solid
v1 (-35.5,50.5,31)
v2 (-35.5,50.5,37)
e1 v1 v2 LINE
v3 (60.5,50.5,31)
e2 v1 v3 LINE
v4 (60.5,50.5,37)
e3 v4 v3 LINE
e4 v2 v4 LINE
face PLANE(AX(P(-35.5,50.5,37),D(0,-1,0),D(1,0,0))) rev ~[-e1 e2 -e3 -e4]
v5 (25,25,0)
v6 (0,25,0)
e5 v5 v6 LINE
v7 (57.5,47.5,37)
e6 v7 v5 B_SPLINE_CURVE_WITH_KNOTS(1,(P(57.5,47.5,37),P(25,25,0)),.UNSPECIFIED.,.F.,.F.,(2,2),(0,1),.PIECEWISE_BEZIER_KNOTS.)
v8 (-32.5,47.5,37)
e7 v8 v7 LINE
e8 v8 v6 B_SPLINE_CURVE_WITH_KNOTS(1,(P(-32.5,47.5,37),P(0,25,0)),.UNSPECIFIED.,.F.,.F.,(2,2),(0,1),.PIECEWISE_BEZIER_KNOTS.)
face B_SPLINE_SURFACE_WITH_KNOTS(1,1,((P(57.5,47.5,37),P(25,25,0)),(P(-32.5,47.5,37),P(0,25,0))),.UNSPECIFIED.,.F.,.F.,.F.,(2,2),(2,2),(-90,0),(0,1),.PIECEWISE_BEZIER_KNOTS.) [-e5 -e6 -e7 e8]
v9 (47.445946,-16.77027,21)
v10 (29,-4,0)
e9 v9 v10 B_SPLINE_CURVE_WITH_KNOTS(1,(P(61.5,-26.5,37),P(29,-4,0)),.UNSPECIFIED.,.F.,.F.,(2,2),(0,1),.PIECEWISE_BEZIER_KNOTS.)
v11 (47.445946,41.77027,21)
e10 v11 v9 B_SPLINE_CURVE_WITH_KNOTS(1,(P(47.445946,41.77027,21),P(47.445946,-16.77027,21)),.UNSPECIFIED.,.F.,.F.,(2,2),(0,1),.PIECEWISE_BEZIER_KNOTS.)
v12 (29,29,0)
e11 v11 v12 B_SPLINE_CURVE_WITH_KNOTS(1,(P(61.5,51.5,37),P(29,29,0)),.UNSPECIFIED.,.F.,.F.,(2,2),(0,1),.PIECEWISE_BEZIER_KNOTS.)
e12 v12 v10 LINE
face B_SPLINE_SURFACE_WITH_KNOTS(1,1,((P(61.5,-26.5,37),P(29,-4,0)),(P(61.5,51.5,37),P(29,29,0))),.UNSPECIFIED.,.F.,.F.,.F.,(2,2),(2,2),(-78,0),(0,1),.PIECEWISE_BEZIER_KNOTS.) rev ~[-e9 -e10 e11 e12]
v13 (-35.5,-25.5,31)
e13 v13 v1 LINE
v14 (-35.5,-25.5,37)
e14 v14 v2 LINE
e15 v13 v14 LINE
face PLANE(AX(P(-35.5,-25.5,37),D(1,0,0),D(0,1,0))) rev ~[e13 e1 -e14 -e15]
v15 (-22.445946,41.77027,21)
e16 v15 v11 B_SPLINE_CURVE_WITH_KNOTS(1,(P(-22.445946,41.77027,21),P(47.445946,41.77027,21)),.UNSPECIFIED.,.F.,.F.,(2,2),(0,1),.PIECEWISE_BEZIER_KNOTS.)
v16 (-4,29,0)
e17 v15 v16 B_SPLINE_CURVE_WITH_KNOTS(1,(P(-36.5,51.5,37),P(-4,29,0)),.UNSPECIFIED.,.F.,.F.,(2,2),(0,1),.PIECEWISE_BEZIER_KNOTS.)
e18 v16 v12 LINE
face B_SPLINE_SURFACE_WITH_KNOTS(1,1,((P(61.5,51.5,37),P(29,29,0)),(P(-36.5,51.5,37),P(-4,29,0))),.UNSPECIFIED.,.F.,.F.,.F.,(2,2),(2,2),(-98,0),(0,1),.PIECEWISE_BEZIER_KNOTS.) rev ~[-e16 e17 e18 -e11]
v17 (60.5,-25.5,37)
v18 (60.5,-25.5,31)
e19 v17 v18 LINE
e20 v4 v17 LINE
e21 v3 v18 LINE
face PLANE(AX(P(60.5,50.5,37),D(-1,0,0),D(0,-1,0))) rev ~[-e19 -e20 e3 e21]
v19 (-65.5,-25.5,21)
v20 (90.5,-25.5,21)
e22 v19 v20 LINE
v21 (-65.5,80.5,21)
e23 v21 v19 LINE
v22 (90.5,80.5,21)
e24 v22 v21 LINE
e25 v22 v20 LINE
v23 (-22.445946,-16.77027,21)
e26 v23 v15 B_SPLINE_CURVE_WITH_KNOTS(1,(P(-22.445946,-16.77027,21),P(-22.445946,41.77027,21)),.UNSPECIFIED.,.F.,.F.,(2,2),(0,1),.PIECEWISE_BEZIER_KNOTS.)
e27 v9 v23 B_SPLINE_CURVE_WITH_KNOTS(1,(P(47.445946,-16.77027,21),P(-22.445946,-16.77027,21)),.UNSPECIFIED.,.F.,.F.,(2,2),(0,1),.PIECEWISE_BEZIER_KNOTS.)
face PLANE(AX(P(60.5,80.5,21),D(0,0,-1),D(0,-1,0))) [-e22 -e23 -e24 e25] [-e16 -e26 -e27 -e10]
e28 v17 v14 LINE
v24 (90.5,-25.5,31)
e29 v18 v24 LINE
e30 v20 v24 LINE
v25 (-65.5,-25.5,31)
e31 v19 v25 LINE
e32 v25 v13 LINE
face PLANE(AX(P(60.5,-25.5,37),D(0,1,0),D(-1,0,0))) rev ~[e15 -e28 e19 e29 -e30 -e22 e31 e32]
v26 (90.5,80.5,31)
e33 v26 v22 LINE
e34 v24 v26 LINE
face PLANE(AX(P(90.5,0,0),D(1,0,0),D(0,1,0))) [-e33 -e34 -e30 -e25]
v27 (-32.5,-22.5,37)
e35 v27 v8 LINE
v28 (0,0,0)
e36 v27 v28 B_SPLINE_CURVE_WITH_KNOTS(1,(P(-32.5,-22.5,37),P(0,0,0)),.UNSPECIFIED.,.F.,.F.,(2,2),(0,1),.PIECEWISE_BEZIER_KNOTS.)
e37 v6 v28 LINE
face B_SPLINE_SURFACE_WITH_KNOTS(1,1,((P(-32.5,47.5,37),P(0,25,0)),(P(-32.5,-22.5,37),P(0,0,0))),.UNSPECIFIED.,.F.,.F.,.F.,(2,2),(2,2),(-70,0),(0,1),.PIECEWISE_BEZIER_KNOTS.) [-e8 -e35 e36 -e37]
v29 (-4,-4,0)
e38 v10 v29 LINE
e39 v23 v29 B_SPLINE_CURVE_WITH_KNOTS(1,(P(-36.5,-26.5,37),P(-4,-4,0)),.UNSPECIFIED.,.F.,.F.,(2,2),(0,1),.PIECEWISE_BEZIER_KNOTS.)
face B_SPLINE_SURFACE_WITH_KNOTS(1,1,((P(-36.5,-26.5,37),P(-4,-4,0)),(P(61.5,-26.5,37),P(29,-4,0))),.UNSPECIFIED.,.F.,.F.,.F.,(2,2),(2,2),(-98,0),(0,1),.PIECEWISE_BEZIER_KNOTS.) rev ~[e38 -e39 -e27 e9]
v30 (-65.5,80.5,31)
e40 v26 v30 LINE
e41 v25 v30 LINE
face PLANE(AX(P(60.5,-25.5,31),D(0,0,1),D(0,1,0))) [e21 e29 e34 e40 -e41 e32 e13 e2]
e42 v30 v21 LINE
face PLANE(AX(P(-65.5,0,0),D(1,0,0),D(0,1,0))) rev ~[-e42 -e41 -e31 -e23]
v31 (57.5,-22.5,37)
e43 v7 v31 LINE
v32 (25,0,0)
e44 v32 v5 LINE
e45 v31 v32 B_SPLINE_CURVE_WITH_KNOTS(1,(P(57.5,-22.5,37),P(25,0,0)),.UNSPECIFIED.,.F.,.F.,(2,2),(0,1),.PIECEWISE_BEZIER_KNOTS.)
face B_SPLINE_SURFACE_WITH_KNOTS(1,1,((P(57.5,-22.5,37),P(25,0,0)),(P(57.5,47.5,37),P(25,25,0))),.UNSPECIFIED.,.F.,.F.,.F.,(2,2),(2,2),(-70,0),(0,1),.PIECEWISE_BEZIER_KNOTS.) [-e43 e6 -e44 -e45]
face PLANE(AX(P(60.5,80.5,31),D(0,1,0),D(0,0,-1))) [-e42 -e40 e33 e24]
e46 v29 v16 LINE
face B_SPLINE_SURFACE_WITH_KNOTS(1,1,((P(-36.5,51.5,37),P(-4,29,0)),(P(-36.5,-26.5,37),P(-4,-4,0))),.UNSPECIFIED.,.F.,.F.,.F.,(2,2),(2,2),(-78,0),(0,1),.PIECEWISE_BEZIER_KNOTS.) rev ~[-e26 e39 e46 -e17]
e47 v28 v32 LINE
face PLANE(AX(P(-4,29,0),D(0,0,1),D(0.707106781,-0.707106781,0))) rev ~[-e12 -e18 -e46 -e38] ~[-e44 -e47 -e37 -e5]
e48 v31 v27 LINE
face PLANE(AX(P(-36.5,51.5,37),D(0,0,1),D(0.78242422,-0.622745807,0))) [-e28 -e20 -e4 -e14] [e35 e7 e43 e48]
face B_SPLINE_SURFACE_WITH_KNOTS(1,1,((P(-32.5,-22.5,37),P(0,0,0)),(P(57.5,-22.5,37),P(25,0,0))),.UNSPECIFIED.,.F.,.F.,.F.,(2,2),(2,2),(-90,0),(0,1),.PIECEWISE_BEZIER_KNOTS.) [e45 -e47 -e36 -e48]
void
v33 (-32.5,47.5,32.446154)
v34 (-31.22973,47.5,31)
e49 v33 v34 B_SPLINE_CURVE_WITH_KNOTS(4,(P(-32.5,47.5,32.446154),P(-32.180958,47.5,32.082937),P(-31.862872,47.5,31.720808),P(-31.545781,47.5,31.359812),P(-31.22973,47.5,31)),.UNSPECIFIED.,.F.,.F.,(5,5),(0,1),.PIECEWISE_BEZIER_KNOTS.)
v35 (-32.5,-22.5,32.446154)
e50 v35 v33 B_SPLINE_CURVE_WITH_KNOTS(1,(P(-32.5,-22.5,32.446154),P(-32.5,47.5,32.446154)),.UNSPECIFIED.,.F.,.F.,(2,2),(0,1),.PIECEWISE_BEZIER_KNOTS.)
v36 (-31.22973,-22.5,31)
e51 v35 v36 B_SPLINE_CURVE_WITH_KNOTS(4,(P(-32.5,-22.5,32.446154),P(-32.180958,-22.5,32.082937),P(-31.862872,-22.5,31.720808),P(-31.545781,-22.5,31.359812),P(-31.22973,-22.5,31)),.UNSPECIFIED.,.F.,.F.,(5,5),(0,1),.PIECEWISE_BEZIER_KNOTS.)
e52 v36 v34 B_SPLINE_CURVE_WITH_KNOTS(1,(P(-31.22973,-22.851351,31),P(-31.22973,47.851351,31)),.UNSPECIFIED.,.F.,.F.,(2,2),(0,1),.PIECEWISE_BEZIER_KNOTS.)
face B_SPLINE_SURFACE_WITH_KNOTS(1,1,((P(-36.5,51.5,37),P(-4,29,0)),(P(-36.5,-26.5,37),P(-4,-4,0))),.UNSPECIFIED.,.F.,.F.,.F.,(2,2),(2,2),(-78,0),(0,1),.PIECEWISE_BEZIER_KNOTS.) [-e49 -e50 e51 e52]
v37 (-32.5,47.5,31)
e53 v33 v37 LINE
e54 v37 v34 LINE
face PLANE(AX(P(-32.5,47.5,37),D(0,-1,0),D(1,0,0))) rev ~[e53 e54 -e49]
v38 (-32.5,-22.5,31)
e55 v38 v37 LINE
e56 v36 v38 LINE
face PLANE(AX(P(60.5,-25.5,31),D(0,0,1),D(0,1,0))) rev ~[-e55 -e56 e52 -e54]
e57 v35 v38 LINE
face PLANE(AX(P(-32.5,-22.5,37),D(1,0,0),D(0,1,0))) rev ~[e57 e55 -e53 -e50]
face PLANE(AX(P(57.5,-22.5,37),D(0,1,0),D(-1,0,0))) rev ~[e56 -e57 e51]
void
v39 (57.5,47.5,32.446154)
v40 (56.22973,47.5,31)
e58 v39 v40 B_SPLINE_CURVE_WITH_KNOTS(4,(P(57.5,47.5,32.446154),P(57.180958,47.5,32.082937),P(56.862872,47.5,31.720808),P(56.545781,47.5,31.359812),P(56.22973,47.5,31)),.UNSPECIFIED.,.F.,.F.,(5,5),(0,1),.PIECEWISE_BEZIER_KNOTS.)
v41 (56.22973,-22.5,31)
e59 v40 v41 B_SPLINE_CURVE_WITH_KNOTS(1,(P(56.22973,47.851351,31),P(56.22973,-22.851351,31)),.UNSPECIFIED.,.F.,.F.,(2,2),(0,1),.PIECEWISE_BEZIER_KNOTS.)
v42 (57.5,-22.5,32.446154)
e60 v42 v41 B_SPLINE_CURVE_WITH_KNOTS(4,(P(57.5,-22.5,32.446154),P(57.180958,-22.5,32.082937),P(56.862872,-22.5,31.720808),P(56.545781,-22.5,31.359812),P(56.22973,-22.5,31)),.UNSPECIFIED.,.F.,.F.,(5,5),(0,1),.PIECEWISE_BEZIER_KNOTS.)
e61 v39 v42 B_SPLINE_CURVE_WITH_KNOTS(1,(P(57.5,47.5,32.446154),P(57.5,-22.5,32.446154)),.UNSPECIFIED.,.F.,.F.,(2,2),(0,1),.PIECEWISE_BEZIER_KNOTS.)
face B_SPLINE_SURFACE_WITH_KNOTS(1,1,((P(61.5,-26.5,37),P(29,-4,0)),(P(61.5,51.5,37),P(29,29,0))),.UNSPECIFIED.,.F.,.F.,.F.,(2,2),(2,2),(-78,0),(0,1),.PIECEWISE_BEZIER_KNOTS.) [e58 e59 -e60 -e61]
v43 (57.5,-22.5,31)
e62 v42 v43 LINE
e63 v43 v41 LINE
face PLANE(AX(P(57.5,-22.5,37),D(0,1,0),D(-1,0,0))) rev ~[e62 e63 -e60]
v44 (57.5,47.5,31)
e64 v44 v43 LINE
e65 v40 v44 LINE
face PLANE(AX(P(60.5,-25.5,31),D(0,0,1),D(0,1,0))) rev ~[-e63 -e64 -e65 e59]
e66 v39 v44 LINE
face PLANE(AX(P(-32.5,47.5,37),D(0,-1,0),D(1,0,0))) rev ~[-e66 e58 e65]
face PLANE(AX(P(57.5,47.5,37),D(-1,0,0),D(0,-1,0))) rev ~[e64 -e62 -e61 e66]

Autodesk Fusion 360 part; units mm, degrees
sketch "Bottom opening" plane through (0, 0, 0) normal (0, 0, 1) x (1, 0, 0)
  line L0 (0, 0) -> (25, 0)
  line L1 (25, 0) -> (25, 25)
  line L2 (25, 25) -> (0, 25)
  line L3 (0, 25) -> (0, 0)
  line L4 (-4, 29) -> (29, 29)
  line L5 (29, 29) -> (29, -4)
  line L6 (29, -4) -> (-4, -4)
  line L7 (-4, -4) -> (-4, 29)
  dimension "d3" = 25
  dimension "d4" = 25
  dimension "d5" = 4
  dimension "d6" = 4
  dimension "d7" = 4
  dimension "d8" = 4
ref_plane "WorkPlane1" through (0, 0, 37) normal (0, 0, 1) x (1, 0, 0)
sketch "Top opening" plane through (0, 0, 37) normal (0, 0, 1) x (1, 0, 0)
  line L0 (25, 25) -> (0, 25)
  line L1 (25, 0) -> (25, 25)
  line L2 (0, 0) -> (25, 0)
  line L3 (0, 25) -> (0, 0)
  line L4 (-4, 29) -> (29, 29)
  line L5 (29, -4) -> (-4, -4)
  line L6 (29, 29) -> (29, -4)
  line L7 (-4, -4) -> (-4, 29)
  line L8 (-32.5, 47.5) -> (57.5, 47.5)
  line L9 (57.5, 47.5) -> (57.5, -22.5)
  line L10 (57.5, -22.5) -> (-32.5, -22.5)
  line L11 (-32.5, -22.5) -> (-32.5, 47.5)
  line L12 (-35.5, 50.5) -> (60.5, 50.5)
  line L13 (60.5, 50.5) -> (60.5, -25.5)
  line L14 (60.5, -25.5) -> (-35.5, -25.5)
  line L15 (-35.5, -25.5) -> (-35.5, 50.5)
  line L16 (-36.5, 51.5) -> (61.5, 51.5)
  line L17 (61.5, 51.5) -> (61.5, -26.5)
  line L18 (61.5, -26.5) -> (-36.5, -26.5)
  line L19 (-36.5, -26.5) -> (-36.5, 51.5)
  dimension "d14" = 3
  dimension "d15" = 4
  dimension "d16" = 3
  dimension "d17" = 4
  dimension "d18" = 90
  dimension "d19" = 70
  dimension "d20" = 3
  dimension "d21" = 4
  dimension "d22" = 3
  dimension "d23" = 4
  dimension "d24" = 28.5
  dimension "d25" = 28.5
  dimension "d26" = 18.5
  dimension "d27" = 18.5
loft "Loft1" add profiles "Top opening", "Bottom opening" section 1 contours L8 L9 L10 L11 | L12 L13 L14 L15 | L16 L17 L18 L19 section 2 contours L0 L1 L2 L3 | L4 L5 L6 L7
extrude "Extrude1" cut sketch "Top opening" against normal blind 6 contours L16 L17 L18 L19
sketch "Support lip" plane through (60.5, 0, 0) normal (1, 0, 0) x (0, 1, 0)
  line L0 (-25.5, 35.8615) -> (50.5, 35.8615)
  line L1 (50.5, 35.8615) -> (50.5, 37)
  line L2 (50.5, 37) -> (-25.5, 37)
  line L3 (-25.5, 37) -> (-25.5, 35.8615)
  line L4 (-25.5, 31) -> (80.5, 31)
  line L5 (80.5, 31) -> (80.5, 21)
  line L6 (80.5, 21) -> (-25.5, 21)
  line L7 (-25.5, 21) -> (-25.5, 31)
  dimension "d31" = 6
  dimension "d34" = 10
  dimension "d35" = 30
extrude "Extrude2" add sketch "Support lip" along normal blind 30 and the other way blind 126 contours L4 L5 L6 L7
loft "Loft2" cut profiles "Top opening", "Bottom opening" section 1 contours L8 L9 L10 L11 section 2 contours L0 L1 L2 L3
extrude "Extrude3" add 1 faces at (-2.5, 49.5, 37) along direction (0, 0, -1) blind 6
equation "bottom_outlet_size = 25 mm" comment "The side lengths of the bottom opening of the Smartie Hopper."
equation "hopper_wall_thickness = 4 mm" comment "The thickness of the hopper walls used for the \"loft\" function."
equation "d3 = bottom_outlet_size"
equation "d4 = bottom_outlet_size"
equation "d5 = hopper_wall_thickness"
equation "d6 = hopper_wall_thickness"
equation "d7 = hopper_wall_thickness"
equation "d8 = hopper_wall_thickness"
equation "hopper_height = 37 mm" comment "Distance between the top and bottom openings of the Smartie Hopper."
equation "d10 = hopper_height"
equation "acrylic_thickness = 3 mm" comment "Thickness of the clear acrylic panels used for the Unsorted Smarties Holder."
equation "top_outlet_width = 90 mm" comment "The width of the top opening of the Smartie Hopper."
equation "top_outlet_depth = 70 mm" comment "The depth of the top opening of the Smartie Hopper."
equation "d14 = acrylic_thickness"
equation "d15 = hopper_wall_thickness"
equation "d16 = acrylic_thickness"
equation "d17 = hopper_wall_thickness"
equation "d18 = top_outlet_width"
equation "d19 = top_outlet_depth"
equation "d20 = acrylic_thickness"
equation "d21 = hopper_wall_thickness"
equation "d22 = acrylic_thickness"
equation "d23 = hopper_wall_thickness"
equation "d24 = ( top_outlet_width - ( bottom_outlet_size + 2 * hopper_wall_thickness ) ) / 2"
equation "d26 = ( top_outlet_depth - ( bottom_outlet_size + 2 * hopper_wall_thickness ) ) / 2"
equation "MDF_thickness = 6 mm" comment "Thickness of the MDF panels used for the construction of the mini arcade game enclosure."
equation "d29 = -MDF_thickness"
equation "d31 = MDF_thickness"
equation "support_lip_width = 30 mm" comment "The depth that the suport lip should extend beneath the Colour Detection Mechanism Top Panel."
equation "support_lip_thickness = 10 mm" comment "The thickness of the support lip."
equation "d34 = support_lip_thickness"
equation "d35 = support_lip_width"
equation "d36 = support_lip_width"
equation "d38 = ( top_outlet_width + 2 * acrylic_thickness ) + support_lip_width"
equation "d40 = -MDF_thickness"
